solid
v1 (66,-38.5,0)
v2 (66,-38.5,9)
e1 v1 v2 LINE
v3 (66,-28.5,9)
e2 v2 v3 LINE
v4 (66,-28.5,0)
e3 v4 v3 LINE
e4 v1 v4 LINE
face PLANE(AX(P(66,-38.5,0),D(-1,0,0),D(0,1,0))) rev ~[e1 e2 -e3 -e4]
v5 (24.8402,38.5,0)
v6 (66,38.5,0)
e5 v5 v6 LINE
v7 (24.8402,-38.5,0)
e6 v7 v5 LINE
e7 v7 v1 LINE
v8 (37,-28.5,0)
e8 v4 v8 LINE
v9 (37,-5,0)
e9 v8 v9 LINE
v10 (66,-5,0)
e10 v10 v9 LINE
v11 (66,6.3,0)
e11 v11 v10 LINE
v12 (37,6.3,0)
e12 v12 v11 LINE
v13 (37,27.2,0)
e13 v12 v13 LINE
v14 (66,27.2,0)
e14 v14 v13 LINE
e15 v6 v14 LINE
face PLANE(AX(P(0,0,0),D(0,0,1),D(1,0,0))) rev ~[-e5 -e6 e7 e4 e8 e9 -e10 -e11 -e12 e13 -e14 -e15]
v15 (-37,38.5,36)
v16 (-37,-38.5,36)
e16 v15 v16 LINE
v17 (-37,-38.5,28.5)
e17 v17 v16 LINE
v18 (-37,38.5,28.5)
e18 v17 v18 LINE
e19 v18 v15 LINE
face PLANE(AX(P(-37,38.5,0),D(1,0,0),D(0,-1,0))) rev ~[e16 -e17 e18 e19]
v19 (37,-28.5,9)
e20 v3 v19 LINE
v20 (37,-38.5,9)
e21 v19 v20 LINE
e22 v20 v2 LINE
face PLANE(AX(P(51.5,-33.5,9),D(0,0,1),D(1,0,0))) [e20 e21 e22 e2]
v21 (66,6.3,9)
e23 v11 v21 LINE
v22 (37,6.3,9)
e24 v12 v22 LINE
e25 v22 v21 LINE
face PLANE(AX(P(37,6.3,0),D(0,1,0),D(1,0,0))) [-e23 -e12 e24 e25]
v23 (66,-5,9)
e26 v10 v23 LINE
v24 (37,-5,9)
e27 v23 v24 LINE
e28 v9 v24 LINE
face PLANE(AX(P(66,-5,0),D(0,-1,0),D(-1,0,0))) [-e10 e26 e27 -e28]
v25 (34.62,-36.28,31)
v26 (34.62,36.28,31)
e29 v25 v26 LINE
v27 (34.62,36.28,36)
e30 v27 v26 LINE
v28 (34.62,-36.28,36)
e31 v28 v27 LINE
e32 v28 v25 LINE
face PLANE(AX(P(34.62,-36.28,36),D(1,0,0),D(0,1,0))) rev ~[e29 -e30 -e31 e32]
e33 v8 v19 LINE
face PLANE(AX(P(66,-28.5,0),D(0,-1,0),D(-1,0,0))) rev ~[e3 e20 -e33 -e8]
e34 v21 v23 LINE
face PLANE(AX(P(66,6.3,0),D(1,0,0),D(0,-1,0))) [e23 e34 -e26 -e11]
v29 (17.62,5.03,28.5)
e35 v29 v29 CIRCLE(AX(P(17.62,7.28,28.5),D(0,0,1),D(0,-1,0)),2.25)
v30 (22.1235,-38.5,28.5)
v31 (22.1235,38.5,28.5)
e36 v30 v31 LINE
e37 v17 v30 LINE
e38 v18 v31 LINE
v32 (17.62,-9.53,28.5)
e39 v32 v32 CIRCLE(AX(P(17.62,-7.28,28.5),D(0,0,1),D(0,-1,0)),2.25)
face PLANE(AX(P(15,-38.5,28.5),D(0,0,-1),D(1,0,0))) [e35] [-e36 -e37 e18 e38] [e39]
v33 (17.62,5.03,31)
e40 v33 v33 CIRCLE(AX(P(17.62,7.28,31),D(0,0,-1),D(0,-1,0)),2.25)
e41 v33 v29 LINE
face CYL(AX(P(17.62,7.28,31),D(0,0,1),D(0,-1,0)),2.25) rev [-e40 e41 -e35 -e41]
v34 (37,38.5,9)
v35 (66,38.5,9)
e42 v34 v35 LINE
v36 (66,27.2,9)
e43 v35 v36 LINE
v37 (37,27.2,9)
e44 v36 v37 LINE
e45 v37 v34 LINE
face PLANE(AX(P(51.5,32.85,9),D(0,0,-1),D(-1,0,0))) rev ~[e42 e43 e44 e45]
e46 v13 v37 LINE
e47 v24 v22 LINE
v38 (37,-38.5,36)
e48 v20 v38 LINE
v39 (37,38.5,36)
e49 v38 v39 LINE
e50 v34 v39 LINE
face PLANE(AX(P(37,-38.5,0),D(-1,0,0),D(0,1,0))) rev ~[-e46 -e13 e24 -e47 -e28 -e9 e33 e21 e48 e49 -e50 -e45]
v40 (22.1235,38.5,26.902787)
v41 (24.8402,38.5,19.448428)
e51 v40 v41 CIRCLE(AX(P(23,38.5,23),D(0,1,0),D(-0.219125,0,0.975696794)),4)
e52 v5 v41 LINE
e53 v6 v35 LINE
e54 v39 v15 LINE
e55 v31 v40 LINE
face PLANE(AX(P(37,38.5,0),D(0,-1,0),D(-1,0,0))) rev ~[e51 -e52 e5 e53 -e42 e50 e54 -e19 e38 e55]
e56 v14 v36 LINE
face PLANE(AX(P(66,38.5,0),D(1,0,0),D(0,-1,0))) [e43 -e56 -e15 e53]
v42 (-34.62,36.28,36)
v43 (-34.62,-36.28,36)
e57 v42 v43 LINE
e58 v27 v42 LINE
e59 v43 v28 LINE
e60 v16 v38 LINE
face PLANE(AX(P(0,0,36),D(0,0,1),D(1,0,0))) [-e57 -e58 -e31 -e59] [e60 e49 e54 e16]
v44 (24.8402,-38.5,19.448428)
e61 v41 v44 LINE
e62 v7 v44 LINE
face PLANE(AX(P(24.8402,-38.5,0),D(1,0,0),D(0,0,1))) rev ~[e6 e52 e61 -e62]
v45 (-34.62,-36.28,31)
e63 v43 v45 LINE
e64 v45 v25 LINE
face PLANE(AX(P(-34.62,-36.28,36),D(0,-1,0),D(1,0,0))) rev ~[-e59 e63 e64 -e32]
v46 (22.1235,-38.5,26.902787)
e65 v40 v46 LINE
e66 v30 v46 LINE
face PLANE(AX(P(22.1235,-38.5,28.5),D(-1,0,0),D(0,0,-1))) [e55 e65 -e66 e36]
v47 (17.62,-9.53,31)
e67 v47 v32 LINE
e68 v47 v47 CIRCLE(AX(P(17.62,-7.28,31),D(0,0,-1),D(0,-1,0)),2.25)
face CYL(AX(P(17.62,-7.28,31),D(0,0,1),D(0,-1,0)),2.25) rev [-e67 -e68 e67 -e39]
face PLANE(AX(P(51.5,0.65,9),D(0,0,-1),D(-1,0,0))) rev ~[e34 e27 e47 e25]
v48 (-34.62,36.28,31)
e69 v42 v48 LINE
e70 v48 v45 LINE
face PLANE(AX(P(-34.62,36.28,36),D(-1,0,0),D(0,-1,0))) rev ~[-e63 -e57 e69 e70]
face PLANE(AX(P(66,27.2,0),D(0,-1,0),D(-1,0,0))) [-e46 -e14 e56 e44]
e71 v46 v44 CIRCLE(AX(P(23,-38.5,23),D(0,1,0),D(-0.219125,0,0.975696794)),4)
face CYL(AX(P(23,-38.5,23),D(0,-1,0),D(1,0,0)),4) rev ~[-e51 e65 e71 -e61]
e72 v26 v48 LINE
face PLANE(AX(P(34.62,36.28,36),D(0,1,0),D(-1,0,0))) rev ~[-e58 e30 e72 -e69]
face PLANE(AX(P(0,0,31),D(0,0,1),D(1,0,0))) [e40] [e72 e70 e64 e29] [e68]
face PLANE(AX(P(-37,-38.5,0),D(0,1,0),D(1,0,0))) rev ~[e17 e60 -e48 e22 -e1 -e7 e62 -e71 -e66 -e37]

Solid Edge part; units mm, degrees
sketch "Sketch1" plane through (0, 0, 0) normal (0, 0, 1) x (1, 0, 0)
  line L0 (-37, -38.5) -> (37, -38.5)
  line L1 (37, -38.5) -> (37, 38.5)
  line L2 (37, 38.5) -> (-37, 38.5)
  line L3 (-37, 38.5) -> (-37, -38.5)
  dimension "D1" = 74
  dimension "D2" = 77
extrude "Ajout_matière_1" add sketch "Sketch1" along normal blind 36
sketch "Sketch2" plane through (0, -38.5, 18) normal (0, -1, 0) x (1, 0, 0)
  circle A0 centre (23, 5) radius 4
  dimension "D1" = 8
  dimension "D2" = 60
  dimension "D3" = 13
extrude "Cutout1" cut sketch "Sketch2" along normal through all and the other way through all
sketch "Sketch3" plane through (0, 0, 0) normal (0, 0, 1) x (1, 0, 0)
  line L0 (37, 38.5) -> (66, 38.5)
  line L1 (66, 38.5) -> (66, 27.2)
  line L2 (66, 27.2) -> (37, 27.2)
  line L3 (37, 27.2) -> (37, 38.5)
  line L4 (37, -38.5) -> (66, -38.5)
  line L5 (66, -38.5) -> (66, -28.5)
  line L6 (66, -28.5) -> (37, -28.5)
  line L7 (37, -28.5) -> (37, -38.5)
  line L8 (37, 6.3) -> (66, 6.3)
  line L9 (66, 6.3) -> (66, -5)
  line L10 (66, -5) -> (37, -5)
  line L11 (37, -5) -> (37, 6.3)
  dimension "D1" = 10
  dimension "D2" = 29
  dimension "D3" = 29
  dimension "D4" = 29
  dimension "D5" = 11.3
  dimension "D6" = 11.3
  dimension "D7" = 23.5
extrude "Ajout_matière_2" add sketch "Sketch3" along normal blind 9
sketch "Sketch4" plane through (14.5, -38.5, 18) normal (0, -1, 0) x (1, 0, 0)
  line L0 (-51.5, -18) -> (0.5, -18)
  line L1 (0.5, -18) -> (0.5, 10.5)
  line L2 (0.5, 10.5) -> (-51.5, 10.5)
  line L3 (-51.5, 10.5) -> (-51.5, -18)
  dimension "D1" = 52
  dimension "D2" = 28.5
extrude "Cutout2" cut sketch "Sketch4" against normal through all
sketch "Sketch5" plane through (14.5, -38.5, 18) normal (0, -1, 0) x (1, 0, 0)
  line L0 (0.5, -18) -> (10.3402, -18)
  line L1 (10.3402, -18) -> (10.3402, 6.2121)
  line L2 (7.6235, 6.2121) -> (10.3402, 6.2121)
  line L3 (7.6235, 10.5) -> (7.6235, 6.2121)
  line L4 (0.5, 10.5) -> (7.6235, 10.5)
  line L5 (0.5, 10.5) -> (0.5, 6.2121)
  line L6 (0.5, 6.2121) -> (0.5, -18)
extrude "Cutout3" cut sketch "Sketch5" against normal through all
sketch "Sketch6" plane through (0, 0, 36) normal (0, 0, 1) x (1, 0, 0)
  line L0 (-34.62, -36.28) -> (34.62, -36.28)
  line L1 (34.62, -36.28) -> (34.62, 36.28)
  line L2 (34.62, 36.28) -> (-34.62, 36.28)
  line L3 (-34.62, 36.28) -> (-34.62, -36.28)
  dimension "D1" = 69.24
  dimension "D2" = 72.56
extrude "Enlèvement_matière_5" cut sketch "Sketch6" against normal blind 5
hole "Perçage_1" at (17.62, 7.28, 31) direction (0, 0, -1) diameter 4.5 end up to next
hole "Hole1" at (17.62, -7.28, 31) direction (0, 0, -1) diameter 4.5 end up to next
properties material "Nylon, usage général"
